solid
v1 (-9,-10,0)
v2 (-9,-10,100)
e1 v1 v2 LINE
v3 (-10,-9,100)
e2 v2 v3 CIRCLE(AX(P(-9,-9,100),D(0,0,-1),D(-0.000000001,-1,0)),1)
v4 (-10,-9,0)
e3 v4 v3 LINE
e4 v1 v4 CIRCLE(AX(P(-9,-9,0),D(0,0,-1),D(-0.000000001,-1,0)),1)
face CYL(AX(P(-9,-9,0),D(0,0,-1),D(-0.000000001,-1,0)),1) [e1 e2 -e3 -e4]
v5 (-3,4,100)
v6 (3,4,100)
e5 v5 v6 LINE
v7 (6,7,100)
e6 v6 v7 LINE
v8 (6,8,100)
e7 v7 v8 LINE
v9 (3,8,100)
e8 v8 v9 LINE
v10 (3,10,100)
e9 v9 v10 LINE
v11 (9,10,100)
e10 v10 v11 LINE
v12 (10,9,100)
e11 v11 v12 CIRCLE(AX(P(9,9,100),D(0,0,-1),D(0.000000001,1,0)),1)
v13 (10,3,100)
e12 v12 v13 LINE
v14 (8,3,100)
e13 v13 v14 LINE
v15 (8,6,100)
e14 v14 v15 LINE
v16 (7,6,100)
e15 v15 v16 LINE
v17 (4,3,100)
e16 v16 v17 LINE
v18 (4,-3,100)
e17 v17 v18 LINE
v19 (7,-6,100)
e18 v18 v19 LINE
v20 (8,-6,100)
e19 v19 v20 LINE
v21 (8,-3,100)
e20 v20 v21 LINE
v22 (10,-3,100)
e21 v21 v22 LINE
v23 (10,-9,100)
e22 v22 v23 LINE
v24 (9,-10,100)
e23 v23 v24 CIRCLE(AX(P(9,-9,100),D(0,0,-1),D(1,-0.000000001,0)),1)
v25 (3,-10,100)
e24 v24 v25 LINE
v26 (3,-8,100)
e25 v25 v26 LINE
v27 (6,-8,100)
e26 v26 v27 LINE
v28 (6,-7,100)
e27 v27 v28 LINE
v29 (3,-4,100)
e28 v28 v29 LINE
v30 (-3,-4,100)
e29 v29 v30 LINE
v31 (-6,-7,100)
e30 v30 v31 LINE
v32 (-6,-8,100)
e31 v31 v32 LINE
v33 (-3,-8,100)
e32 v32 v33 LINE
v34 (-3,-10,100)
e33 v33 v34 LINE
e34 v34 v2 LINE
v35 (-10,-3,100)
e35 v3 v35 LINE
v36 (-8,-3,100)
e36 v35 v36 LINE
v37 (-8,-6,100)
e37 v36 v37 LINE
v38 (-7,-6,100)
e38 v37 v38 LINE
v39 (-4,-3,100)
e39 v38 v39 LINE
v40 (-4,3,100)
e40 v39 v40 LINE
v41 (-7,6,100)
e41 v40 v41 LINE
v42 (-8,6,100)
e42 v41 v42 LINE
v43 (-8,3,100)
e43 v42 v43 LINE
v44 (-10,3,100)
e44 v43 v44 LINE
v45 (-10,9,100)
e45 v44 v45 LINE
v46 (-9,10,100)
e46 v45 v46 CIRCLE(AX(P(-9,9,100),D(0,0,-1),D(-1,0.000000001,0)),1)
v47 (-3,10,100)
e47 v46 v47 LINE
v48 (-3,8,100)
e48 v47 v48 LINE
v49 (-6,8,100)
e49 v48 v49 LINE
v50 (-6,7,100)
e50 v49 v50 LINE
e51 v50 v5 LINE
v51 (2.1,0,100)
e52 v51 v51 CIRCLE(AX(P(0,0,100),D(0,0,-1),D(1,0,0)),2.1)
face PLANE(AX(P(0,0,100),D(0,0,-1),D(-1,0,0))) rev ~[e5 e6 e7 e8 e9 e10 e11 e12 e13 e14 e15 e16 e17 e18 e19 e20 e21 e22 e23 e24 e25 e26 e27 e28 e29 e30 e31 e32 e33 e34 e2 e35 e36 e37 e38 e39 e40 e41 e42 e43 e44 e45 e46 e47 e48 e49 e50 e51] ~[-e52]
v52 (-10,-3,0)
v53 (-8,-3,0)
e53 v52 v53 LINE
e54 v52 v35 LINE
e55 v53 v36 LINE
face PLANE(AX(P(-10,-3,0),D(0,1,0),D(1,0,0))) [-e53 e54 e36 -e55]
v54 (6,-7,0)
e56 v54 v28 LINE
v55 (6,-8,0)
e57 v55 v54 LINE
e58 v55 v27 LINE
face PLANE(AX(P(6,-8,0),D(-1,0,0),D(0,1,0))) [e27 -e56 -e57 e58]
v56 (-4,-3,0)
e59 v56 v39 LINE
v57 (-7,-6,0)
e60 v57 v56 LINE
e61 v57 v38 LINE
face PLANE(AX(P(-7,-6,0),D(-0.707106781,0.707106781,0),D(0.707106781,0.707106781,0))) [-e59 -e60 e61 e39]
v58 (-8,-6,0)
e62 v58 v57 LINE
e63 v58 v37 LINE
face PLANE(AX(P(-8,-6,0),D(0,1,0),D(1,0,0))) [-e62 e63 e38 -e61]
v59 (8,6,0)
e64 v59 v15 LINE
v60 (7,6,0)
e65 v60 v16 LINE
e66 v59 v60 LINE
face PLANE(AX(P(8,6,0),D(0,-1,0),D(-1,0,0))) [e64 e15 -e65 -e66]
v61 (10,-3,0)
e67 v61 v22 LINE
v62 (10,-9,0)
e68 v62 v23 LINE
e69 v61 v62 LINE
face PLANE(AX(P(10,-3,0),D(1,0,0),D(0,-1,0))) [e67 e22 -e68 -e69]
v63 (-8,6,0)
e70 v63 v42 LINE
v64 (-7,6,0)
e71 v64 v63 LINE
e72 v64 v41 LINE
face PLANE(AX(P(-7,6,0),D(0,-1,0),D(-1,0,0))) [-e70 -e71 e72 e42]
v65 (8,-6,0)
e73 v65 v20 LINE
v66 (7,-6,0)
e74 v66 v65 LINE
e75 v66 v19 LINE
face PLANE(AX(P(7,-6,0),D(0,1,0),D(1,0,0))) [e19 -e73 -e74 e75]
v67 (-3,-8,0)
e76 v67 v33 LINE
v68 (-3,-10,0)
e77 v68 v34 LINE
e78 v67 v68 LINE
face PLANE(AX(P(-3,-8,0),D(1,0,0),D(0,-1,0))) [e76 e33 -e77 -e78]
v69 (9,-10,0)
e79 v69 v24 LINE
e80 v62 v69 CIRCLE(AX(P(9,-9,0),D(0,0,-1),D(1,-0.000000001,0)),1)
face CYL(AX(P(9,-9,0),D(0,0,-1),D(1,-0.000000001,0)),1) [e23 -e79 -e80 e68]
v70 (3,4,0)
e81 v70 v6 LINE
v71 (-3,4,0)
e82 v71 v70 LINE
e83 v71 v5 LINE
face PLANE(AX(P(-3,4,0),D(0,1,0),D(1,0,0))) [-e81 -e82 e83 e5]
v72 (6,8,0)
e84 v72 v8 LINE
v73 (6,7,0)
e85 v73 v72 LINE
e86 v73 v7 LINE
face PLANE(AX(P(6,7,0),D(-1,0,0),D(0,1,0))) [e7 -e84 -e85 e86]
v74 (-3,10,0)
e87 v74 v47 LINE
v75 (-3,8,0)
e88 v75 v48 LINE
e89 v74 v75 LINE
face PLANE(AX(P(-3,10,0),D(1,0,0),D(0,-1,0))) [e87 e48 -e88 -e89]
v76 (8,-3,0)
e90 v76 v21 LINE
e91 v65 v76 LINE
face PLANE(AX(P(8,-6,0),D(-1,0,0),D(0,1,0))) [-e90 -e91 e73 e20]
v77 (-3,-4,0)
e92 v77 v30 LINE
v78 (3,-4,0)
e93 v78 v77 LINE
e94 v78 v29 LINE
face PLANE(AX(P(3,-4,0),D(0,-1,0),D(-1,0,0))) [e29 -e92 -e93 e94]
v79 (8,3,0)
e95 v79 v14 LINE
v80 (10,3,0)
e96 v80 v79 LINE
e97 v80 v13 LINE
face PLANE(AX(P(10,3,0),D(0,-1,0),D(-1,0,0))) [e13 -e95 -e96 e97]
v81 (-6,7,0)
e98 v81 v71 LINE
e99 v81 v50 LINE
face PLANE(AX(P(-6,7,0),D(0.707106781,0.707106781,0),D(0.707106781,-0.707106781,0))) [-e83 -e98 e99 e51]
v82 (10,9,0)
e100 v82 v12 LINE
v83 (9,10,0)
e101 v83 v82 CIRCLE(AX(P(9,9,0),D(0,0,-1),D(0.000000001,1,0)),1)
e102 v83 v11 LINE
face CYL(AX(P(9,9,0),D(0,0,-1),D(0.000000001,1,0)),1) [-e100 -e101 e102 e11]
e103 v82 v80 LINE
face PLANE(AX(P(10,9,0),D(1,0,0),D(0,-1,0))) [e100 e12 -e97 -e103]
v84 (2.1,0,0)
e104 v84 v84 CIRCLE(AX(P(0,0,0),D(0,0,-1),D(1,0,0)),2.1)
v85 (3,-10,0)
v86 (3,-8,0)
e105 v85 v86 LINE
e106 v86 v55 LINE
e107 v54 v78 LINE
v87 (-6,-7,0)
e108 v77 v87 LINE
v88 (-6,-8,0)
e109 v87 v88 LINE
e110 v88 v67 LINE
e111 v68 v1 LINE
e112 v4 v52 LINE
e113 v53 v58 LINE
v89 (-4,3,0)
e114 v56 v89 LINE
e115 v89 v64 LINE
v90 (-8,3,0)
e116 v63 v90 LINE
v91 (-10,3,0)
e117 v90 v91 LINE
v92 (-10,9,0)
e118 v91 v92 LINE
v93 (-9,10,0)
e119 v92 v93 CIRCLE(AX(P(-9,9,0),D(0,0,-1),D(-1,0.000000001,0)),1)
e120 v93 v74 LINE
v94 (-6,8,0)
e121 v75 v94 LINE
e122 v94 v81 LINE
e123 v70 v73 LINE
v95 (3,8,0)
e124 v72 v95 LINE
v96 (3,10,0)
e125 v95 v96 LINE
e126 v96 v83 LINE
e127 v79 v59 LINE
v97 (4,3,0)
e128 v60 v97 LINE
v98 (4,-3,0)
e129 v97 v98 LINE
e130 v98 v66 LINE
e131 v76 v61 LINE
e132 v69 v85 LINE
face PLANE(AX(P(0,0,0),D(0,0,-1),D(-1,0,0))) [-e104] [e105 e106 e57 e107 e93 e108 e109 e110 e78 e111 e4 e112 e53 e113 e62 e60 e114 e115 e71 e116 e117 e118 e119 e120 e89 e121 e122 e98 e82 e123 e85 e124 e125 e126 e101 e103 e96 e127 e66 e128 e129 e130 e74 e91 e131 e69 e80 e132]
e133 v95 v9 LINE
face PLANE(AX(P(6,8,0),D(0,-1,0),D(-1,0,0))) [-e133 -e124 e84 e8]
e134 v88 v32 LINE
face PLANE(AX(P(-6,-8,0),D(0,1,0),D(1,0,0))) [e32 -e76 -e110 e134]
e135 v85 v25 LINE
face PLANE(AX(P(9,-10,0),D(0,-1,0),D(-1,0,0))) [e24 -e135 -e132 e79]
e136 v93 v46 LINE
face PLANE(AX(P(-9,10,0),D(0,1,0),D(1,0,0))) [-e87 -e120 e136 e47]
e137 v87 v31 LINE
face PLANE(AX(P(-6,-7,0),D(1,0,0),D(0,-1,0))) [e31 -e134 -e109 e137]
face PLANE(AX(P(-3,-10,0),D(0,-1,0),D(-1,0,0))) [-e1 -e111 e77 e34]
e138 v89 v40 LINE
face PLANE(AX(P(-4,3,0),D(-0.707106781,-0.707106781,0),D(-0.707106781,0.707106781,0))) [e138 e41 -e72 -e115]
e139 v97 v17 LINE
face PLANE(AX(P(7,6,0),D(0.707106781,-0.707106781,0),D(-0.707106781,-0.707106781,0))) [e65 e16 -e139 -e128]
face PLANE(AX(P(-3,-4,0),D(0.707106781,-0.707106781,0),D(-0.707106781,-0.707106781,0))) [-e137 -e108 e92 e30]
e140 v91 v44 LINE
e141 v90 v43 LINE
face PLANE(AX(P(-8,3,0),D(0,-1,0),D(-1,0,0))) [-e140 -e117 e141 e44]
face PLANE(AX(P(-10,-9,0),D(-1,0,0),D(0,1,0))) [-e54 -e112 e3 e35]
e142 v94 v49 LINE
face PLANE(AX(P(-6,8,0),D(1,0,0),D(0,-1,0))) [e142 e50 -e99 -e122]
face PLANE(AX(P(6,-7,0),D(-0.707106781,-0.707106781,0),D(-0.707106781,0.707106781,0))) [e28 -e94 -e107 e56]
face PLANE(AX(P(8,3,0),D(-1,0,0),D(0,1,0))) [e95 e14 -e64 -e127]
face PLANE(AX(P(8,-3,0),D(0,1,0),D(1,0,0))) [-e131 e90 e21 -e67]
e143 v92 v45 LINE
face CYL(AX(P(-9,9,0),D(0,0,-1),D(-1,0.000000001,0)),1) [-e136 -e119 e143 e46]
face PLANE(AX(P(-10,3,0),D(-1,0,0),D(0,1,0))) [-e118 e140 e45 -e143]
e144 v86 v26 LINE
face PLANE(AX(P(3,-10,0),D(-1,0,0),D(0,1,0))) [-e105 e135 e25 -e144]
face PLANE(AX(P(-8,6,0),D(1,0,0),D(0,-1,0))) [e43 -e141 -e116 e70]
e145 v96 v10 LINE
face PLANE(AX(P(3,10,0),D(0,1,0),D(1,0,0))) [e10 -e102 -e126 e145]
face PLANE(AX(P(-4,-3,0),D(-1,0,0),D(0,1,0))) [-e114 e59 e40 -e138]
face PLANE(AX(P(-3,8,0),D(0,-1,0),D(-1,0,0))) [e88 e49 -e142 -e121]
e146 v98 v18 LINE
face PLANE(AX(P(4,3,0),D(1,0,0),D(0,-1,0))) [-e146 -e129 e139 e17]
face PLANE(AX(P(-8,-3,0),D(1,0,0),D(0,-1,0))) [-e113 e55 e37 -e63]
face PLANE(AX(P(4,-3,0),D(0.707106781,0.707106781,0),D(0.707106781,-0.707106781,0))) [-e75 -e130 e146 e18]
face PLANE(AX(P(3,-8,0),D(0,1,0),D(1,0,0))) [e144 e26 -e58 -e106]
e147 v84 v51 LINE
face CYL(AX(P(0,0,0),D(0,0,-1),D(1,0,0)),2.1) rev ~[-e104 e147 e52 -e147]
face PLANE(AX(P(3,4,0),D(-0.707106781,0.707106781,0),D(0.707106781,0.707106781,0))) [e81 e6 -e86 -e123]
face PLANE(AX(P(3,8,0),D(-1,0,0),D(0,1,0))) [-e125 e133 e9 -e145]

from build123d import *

# Parameters (mm, degrees)
SKETCH1_R           = 2.1
BOSS_EXTRUDE1_DEPTH = 100


with BuildPart() as part:
    # Sketch1 → Boss-Extrude1 (new body)
    with BuildSketch(Plane(origin=(0, 0, 0), x_dir=(-1, 0, 0), z_dir=(0, 0, -1))):
        with BuildLine():
            Line((6, -8), (3, -8))
            Line((3, -8), (3, -10))
            Line((3, -10), (9, -10))
            ThreePointArc((9, -10), (9.707106781, -9.707106781), (10, -9))
            Line((10, -9), (10, -3))
            Line((10, -3), (8, -3))
            Line((8, -3), (8, -6))
            Line((8, -6), (7, -6))
            Line((7, -6), (4, -3))
            Line((4, -3), (4, 3))
            Line((4, 3), (7, 6))
            Line((7, 6), (8, 6))
            Line((8, 6), (8, 3))
            Line((8, 3), (10, 3))
            Line((10, 3), (10, 9))
            ThreePointArc((10, 9), (9.707106781, 9.707106781), (9, 10))
            Line((9, 10), (3, 10))
            Line((3, 10), (3, 8))
            Line((3, 8), (6, 8))
            Line((6, 8), (6, 7))
            Line((6, 7), (3, 4))
            Line((3, 4), (-3, 4))
            Line((-3, 4), (-6, 7))
            Line((-6, 7), (-6, 8))
            Line((-6, 8), (-3, 8))
            Line((-3, 8), (-3, 10))
            Line((-3, 10), (-9, 10))
            ThreePointArc((-9, 10), (-9.707106781, 9.707106781), (-10, 9))
            Line((-10, 9), (-10, 3))
            Line((-10, 3), (-8, 3))
            Line((-8, 3), (-8, 6))
            Line((-8, 6), (-7, 6))
            Line((-7, 6), (-4, 3))
            Line((-4, 3), (-4, -3))
            Line((-4, -3), (-7, -6))
            Line((-7, -6), (-8, -6))
            Line((-8, -6), (-8, -3))
            Line((-8, -3), (-10, -3))
            Line((-10, -3), (-10, -9))
            ThreePointArc((-10, -9), (-9.707106781, -9.707106781), (-9, -10))
            Line((-9, -10), (-3, -10))
            Line((-3, -10), (-3, -8))
            Line((-3, -8), (-6, -8))
            Line((-6, -8), (-6, -7))
            Line((-6, -7), (-3, -4))
            Line((-3, -4), (3, -4))
            Line((3, -4), (6, -7))
            Line((6, -7), (6, -8))
        make_face()
        with Locations(Location((0, 0, 0), (0, 0, 180))):
            Circle(SKETCH1_R, mode=Mode.SUBTRACT)
    extrude(amount=-BOSS_EXTRUDE1_DEPTH)


solid = part.part
